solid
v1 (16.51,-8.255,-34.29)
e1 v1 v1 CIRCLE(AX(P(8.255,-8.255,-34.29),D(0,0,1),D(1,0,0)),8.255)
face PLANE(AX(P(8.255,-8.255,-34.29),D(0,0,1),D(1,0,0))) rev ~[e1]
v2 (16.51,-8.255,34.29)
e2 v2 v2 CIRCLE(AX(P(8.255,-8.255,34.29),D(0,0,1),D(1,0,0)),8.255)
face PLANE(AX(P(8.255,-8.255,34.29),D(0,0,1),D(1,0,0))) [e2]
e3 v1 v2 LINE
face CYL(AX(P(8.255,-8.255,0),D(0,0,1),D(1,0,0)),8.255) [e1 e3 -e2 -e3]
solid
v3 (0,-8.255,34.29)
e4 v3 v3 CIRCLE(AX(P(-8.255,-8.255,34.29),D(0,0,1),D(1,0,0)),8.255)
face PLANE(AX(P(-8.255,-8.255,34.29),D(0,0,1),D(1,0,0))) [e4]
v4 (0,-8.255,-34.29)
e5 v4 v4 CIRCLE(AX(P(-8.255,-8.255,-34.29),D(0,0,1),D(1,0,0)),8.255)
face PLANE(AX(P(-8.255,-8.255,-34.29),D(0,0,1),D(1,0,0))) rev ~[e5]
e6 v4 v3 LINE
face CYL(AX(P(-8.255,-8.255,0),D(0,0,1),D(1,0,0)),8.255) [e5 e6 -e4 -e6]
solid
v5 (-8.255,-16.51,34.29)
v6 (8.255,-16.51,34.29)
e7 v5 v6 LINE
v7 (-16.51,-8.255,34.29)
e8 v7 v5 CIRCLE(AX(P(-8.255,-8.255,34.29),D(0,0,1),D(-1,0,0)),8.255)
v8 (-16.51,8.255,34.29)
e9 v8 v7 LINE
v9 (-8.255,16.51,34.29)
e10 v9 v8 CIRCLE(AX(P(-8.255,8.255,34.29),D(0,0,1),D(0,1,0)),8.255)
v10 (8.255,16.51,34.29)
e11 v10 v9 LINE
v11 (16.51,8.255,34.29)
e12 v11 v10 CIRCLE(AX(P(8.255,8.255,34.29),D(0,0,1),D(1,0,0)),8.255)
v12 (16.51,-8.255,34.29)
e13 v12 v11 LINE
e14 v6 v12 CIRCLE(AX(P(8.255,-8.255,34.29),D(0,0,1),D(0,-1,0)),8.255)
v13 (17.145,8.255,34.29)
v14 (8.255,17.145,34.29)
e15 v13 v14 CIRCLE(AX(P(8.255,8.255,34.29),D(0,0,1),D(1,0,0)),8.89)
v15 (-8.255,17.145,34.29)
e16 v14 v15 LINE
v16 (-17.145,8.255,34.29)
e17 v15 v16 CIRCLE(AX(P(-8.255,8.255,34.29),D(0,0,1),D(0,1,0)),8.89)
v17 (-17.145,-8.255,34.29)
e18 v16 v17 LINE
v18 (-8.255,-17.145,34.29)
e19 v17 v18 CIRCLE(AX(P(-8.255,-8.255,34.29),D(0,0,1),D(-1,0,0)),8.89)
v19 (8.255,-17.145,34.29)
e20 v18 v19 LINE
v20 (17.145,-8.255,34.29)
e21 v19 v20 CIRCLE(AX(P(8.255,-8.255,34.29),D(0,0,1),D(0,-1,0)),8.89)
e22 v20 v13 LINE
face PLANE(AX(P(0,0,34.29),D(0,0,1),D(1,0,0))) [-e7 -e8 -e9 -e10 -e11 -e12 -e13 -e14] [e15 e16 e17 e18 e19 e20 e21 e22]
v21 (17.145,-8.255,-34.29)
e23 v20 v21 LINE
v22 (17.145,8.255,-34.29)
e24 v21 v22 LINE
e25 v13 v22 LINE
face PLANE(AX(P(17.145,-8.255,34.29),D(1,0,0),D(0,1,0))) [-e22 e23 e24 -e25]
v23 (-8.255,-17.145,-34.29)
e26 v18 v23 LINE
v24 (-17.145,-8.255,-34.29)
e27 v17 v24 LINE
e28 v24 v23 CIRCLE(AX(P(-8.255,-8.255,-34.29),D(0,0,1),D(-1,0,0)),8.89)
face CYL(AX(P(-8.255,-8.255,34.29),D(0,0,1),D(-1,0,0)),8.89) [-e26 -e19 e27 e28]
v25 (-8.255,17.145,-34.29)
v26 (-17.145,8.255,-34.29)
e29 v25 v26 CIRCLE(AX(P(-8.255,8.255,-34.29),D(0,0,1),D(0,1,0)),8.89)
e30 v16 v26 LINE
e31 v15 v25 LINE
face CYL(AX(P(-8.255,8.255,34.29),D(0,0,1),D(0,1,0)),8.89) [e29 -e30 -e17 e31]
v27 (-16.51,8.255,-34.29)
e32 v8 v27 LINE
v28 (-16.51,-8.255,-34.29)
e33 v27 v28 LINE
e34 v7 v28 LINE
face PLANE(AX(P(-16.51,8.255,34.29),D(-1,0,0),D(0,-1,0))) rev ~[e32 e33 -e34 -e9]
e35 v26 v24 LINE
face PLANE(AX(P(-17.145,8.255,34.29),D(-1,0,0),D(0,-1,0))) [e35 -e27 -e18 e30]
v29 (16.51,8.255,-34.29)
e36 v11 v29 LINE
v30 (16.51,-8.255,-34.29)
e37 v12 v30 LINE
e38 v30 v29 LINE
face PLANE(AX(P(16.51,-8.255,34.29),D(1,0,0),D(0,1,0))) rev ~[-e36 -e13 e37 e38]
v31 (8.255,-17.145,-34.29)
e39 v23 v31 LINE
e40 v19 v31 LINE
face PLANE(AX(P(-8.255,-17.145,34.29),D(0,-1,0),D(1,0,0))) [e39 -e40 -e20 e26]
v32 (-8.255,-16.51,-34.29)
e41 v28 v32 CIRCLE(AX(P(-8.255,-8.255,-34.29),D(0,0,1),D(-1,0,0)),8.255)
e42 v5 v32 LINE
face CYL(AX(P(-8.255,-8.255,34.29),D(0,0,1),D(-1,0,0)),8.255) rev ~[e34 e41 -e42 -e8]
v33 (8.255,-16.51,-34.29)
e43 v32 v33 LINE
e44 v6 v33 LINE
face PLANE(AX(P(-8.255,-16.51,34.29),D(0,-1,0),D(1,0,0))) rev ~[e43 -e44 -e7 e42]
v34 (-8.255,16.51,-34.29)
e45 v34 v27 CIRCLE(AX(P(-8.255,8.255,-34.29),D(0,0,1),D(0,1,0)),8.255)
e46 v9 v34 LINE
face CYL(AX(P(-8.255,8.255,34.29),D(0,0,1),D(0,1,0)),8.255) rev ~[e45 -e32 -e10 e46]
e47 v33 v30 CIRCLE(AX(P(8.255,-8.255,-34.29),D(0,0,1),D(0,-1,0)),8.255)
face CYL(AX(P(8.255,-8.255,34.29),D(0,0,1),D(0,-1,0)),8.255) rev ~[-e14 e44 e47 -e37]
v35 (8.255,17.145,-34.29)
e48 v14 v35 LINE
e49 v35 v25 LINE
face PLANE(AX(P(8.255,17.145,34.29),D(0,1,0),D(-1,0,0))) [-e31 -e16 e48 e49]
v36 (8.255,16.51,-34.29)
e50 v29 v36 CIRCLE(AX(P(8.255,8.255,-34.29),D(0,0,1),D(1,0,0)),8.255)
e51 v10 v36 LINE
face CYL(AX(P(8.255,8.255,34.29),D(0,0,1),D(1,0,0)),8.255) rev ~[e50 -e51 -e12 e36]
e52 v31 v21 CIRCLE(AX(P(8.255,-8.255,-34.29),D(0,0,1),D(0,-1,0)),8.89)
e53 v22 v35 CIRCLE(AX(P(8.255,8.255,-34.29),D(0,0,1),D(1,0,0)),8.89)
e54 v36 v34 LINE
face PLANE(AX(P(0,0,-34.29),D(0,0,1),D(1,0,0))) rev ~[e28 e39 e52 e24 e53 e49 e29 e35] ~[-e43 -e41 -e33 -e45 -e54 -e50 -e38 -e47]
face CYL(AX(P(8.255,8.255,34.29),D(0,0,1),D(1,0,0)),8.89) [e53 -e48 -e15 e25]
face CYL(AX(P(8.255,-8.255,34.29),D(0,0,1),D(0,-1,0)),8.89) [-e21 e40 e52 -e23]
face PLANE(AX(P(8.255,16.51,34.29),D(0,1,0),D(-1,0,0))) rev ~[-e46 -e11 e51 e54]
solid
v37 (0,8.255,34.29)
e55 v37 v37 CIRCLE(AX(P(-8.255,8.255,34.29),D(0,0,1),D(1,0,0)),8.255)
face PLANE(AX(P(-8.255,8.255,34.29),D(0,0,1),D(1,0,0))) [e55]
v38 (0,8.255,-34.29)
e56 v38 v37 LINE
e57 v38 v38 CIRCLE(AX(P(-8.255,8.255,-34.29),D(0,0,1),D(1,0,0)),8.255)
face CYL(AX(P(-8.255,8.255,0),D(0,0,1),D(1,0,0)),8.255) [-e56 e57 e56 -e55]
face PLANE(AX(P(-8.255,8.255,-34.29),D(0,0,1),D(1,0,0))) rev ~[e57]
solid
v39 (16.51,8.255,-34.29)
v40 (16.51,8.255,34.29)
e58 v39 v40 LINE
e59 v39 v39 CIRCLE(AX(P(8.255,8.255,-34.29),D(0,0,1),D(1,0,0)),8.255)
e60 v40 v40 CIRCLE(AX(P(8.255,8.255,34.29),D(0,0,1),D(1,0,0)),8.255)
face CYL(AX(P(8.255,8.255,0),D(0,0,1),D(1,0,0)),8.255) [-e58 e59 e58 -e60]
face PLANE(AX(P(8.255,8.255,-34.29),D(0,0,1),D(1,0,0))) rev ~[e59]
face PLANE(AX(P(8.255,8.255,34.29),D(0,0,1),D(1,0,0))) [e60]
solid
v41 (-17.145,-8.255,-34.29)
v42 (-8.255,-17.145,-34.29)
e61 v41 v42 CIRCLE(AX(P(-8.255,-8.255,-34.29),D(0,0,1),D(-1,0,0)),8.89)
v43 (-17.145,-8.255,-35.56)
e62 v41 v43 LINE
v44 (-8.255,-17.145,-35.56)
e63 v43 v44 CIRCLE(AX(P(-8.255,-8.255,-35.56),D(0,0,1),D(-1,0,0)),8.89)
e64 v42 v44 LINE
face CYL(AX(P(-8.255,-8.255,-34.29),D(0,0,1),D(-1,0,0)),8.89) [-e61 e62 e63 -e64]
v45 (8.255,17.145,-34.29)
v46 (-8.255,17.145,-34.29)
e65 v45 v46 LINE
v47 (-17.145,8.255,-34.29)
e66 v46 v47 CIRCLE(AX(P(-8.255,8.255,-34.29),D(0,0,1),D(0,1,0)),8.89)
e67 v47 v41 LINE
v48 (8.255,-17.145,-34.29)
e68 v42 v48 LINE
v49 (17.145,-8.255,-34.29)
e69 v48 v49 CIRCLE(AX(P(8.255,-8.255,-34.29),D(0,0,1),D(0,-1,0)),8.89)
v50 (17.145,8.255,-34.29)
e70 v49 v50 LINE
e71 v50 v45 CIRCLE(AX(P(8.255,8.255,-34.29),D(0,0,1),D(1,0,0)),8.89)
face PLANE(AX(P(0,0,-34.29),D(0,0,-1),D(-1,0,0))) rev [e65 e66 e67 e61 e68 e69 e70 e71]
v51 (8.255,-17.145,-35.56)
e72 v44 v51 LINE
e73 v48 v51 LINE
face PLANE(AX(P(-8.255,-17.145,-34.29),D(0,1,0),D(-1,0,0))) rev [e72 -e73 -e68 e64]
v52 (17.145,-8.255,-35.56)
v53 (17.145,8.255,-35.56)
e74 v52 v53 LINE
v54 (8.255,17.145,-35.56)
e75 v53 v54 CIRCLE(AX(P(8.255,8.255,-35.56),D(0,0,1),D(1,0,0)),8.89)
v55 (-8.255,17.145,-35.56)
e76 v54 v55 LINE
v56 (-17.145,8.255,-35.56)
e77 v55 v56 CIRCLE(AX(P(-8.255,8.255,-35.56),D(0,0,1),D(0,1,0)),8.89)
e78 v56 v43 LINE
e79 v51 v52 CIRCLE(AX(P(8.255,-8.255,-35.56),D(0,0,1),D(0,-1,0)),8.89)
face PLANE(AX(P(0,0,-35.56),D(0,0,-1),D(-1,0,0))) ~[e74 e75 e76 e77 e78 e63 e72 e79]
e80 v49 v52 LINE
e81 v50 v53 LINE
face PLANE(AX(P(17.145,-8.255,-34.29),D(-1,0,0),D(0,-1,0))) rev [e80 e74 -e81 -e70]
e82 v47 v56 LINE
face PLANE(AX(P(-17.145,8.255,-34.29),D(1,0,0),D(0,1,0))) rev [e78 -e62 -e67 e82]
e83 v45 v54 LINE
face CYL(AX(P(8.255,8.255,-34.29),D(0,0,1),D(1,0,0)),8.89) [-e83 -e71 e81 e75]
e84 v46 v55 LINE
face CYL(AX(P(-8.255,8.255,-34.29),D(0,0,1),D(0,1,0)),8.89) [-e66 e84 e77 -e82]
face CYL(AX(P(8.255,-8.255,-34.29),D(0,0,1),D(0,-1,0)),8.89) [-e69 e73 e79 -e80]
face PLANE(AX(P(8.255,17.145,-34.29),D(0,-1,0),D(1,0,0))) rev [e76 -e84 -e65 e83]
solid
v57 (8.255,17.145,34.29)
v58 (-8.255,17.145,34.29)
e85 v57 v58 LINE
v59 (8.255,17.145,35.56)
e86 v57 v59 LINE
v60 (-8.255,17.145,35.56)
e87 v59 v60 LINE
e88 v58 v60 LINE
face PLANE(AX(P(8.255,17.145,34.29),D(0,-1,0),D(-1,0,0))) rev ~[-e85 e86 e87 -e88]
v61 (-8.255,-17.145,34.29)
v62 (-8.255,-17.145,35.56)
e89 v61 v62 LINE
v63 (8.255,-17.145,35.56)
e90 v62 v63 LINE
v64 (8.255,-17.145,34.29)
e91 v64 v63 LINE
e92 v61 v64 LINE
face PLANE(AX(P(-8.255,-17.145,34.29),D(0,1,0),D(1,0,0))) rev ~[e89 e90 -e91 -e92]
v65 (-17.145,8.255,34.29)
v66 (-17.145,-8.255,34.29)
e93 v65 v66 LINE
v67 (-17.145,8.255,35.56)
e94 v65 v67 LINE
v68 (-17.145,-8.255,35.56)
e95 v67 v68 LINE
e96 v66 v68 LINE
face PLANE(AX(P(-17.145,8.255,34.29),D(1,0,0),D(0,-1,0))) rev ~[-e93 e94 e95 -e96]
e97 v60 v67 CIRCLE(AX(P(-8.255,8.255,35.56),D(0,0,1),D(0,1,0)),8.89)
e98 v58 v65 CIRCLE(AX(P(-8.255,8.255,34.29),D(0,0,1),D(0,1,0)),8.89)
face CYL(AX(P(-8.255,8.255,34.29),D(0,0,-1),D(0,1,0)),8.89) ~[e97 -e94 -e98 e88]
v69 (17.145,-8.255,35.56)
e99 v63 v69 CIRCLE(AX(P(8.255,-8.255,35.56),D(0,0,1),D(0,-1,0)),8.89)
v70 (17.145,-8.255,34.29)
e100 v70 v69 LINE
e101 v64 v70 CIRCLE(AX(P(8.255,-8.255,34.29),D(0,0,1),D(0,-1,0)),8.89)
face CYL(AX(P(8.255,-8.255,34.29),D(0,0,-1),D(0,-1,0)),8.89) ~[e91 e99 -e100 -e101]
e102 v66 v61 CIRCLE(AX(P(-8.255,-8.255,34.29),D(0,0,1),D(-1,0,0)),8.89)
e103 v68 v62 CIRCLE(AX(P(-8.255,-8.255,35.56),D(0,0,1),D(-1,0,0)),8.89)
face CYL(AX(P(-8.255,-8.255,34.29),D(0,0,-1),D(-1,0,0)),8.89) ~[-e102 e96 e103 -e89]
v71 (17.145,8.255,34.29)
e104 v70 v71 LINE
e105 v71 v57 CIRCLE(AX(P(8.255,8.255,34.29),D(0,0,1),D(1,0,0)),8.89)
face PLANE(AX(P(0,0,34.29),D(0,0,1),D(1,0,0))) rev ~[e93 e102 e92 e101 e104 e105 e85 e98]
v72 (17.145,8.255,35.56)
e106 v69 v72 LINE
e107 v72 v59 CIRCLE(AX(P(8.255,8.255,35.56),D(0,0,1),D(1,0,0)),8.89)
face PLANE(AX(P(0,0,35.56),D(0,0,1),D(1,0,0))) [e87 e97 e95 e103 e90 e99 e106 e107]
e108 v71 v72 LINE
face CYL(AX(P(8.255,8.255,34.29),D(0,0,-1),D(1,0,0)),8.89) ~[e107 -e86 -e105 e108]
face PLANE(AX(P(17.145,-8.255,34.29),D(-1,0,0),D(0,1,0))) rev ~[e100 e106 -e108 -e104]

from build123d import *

# Parameters (mm, degrees)
SKETCH2_R           = 8.255
EXTRUDE1_DEPTH      = 34.29
EXTRUDE1_2_DEPTH    = 34.29
EXTRUDE1_3_DEPTH    = 34.29
EXTRUDE1_4_DEPTH    = 34.29
EXTRUDE2_DEPTH      = 68.58
BOSS_EXTRUDE2_DEPTH = 1.27


with BuildPart() as part:
    # Sketch2 → Extrude1 (new body, symmetric)
    with BuildSketch(Plane.XY):
        with Locations((-8.255, -8.255)):
            Circle(SKETCH2_R)
    extrude(amount=EXTRUDE1_DEPTH, both=True)


with BuildPart() as body_2:
    # Sketch2 → Extrude1 2 (new body, symmetric)
    with BuildSketch(Plane.XY):
        with Locations((8.255, -8.255)):
            Circle(SKETCH2_R)
    extrude(amount=EXTRUDE1_2_DEPTH, both=True)


with BuildPart() as body_3:
    # Sketch2 → Extrude1 3 (new body, symmetric)
    with BuildSketch(Plane.XY):
        with Locations((8.255, 8.255)):
            Circle(SKETCH2_R)
    extrude(amount=EXTRUDE1_3_DEPTH, both=True)


with BuildPart() as body_4:
    # Sketch2 → Extrude1 4 (new body, symmetric)
    with BuildSketch(Plane.XY):
        with Locations((-8.255, 8.255)):
            Circle(SKETCH2_R)
    extrude(amount=EXTRUDE1_4_DEPTH, both=True)


with BuildPart() as body_5:
    # Sketch3 → Extrude2 (new body)
    with BuildSketch(Plane.XY.offset(34.29)):
        with BuildLine():
            Line((8.255, 17.145), (-8.255, 17.145))
            ThreePointArc((-8.255, 17.145), (-14.541179285, 14.541179285), (-17.145, 8.255))
            Line((-17.145, 8.255), (-17.145, -8.255))
            ThreePointArc((-17.145, -8.255), (-14.541179285, -14.541179285), (-8.255, -17.145))
            Line((-8.255, -17.145), (8.255, -17.145))
            ThreePointArc((8.255, -17.145), (14.541179285, -14.541179285), (17.145, -8.255))
            Line((17.145, -8.255), (17.145, 8.255))
            ThreePointArc((17.145, 8.255), (14.541179285, 14.541179285), (8.255, 17.145))
        make_face()
        with BuildLine():
            Line((-16.51, 8.255), (-16.51, -8.255))
            ThreePointArc((-16.51, -8.255), (-14.092166479, -14.092166479), (-8.255, -16.51))
            Line((-8.255, -16.51), (8.255, -16.51))
            ThreePointArc((8.255, -16.51), (14.092166479, -14.092166479), (16.51, -8.255))
            Line((16.51, -8.255), (16.51, 8.255))
            ThreePointArc((16.51, 8.255), (14.092166479, 14.092166479), (8.255, 16.51))
            Line((8.255, 16.51), (-8.255, 16.51))
            ThreePointArc((-8.255, 16.51), (-14.092166479, 14.092166479), (-16.51, 8.255))
        make_face(mode=Mode.SUBTRACT)
    extrude(amount=-EXTRUDE2_DEPTH)


with BuildPart() as body_6:
    # Sketch4 → Boss-Extrude2 (new body)
    with BuildSketch(Plane.XY.offset(34.29)):
        with BuildLine():
            Line((8.255, 17.145), (-8.255, 17.145))
            ThreePointArc((-8.255, 17.145), (-14.541179285, 14.541179285), (-17.145, 8.255))
            Line((-17.145, 8.255), (-17.145, -8.255))
            ThreePointArc((-17.145, -8.255), (-14.541179285, -14.541179285), (-8.255, -17.145))
            Line((-8.255, -17.145), (8.255, -17.145))
            ThreePointArc((8.255, -17.145), (14.541179285, -14.541179285), (17.145, -8.255))
            Line((17.145, -8.255), (17.145, 8.255))
            ThreePointArc((17.145, 8.255), (14.541179285, 14.541179285), (8.255, 17.145))
        make_face()
    extrude(amount=BOSS_EXTRUDE2_DEPTH)


with BuildPart() as body_7:
    # Mirror1: mirrored copy
    add(body_6.part.mirror(Plane.XY))


solid = Compound([part.part, body_2.part, body_3.part, body_4.part, body_5.part, body_6.part, body_7.part])
